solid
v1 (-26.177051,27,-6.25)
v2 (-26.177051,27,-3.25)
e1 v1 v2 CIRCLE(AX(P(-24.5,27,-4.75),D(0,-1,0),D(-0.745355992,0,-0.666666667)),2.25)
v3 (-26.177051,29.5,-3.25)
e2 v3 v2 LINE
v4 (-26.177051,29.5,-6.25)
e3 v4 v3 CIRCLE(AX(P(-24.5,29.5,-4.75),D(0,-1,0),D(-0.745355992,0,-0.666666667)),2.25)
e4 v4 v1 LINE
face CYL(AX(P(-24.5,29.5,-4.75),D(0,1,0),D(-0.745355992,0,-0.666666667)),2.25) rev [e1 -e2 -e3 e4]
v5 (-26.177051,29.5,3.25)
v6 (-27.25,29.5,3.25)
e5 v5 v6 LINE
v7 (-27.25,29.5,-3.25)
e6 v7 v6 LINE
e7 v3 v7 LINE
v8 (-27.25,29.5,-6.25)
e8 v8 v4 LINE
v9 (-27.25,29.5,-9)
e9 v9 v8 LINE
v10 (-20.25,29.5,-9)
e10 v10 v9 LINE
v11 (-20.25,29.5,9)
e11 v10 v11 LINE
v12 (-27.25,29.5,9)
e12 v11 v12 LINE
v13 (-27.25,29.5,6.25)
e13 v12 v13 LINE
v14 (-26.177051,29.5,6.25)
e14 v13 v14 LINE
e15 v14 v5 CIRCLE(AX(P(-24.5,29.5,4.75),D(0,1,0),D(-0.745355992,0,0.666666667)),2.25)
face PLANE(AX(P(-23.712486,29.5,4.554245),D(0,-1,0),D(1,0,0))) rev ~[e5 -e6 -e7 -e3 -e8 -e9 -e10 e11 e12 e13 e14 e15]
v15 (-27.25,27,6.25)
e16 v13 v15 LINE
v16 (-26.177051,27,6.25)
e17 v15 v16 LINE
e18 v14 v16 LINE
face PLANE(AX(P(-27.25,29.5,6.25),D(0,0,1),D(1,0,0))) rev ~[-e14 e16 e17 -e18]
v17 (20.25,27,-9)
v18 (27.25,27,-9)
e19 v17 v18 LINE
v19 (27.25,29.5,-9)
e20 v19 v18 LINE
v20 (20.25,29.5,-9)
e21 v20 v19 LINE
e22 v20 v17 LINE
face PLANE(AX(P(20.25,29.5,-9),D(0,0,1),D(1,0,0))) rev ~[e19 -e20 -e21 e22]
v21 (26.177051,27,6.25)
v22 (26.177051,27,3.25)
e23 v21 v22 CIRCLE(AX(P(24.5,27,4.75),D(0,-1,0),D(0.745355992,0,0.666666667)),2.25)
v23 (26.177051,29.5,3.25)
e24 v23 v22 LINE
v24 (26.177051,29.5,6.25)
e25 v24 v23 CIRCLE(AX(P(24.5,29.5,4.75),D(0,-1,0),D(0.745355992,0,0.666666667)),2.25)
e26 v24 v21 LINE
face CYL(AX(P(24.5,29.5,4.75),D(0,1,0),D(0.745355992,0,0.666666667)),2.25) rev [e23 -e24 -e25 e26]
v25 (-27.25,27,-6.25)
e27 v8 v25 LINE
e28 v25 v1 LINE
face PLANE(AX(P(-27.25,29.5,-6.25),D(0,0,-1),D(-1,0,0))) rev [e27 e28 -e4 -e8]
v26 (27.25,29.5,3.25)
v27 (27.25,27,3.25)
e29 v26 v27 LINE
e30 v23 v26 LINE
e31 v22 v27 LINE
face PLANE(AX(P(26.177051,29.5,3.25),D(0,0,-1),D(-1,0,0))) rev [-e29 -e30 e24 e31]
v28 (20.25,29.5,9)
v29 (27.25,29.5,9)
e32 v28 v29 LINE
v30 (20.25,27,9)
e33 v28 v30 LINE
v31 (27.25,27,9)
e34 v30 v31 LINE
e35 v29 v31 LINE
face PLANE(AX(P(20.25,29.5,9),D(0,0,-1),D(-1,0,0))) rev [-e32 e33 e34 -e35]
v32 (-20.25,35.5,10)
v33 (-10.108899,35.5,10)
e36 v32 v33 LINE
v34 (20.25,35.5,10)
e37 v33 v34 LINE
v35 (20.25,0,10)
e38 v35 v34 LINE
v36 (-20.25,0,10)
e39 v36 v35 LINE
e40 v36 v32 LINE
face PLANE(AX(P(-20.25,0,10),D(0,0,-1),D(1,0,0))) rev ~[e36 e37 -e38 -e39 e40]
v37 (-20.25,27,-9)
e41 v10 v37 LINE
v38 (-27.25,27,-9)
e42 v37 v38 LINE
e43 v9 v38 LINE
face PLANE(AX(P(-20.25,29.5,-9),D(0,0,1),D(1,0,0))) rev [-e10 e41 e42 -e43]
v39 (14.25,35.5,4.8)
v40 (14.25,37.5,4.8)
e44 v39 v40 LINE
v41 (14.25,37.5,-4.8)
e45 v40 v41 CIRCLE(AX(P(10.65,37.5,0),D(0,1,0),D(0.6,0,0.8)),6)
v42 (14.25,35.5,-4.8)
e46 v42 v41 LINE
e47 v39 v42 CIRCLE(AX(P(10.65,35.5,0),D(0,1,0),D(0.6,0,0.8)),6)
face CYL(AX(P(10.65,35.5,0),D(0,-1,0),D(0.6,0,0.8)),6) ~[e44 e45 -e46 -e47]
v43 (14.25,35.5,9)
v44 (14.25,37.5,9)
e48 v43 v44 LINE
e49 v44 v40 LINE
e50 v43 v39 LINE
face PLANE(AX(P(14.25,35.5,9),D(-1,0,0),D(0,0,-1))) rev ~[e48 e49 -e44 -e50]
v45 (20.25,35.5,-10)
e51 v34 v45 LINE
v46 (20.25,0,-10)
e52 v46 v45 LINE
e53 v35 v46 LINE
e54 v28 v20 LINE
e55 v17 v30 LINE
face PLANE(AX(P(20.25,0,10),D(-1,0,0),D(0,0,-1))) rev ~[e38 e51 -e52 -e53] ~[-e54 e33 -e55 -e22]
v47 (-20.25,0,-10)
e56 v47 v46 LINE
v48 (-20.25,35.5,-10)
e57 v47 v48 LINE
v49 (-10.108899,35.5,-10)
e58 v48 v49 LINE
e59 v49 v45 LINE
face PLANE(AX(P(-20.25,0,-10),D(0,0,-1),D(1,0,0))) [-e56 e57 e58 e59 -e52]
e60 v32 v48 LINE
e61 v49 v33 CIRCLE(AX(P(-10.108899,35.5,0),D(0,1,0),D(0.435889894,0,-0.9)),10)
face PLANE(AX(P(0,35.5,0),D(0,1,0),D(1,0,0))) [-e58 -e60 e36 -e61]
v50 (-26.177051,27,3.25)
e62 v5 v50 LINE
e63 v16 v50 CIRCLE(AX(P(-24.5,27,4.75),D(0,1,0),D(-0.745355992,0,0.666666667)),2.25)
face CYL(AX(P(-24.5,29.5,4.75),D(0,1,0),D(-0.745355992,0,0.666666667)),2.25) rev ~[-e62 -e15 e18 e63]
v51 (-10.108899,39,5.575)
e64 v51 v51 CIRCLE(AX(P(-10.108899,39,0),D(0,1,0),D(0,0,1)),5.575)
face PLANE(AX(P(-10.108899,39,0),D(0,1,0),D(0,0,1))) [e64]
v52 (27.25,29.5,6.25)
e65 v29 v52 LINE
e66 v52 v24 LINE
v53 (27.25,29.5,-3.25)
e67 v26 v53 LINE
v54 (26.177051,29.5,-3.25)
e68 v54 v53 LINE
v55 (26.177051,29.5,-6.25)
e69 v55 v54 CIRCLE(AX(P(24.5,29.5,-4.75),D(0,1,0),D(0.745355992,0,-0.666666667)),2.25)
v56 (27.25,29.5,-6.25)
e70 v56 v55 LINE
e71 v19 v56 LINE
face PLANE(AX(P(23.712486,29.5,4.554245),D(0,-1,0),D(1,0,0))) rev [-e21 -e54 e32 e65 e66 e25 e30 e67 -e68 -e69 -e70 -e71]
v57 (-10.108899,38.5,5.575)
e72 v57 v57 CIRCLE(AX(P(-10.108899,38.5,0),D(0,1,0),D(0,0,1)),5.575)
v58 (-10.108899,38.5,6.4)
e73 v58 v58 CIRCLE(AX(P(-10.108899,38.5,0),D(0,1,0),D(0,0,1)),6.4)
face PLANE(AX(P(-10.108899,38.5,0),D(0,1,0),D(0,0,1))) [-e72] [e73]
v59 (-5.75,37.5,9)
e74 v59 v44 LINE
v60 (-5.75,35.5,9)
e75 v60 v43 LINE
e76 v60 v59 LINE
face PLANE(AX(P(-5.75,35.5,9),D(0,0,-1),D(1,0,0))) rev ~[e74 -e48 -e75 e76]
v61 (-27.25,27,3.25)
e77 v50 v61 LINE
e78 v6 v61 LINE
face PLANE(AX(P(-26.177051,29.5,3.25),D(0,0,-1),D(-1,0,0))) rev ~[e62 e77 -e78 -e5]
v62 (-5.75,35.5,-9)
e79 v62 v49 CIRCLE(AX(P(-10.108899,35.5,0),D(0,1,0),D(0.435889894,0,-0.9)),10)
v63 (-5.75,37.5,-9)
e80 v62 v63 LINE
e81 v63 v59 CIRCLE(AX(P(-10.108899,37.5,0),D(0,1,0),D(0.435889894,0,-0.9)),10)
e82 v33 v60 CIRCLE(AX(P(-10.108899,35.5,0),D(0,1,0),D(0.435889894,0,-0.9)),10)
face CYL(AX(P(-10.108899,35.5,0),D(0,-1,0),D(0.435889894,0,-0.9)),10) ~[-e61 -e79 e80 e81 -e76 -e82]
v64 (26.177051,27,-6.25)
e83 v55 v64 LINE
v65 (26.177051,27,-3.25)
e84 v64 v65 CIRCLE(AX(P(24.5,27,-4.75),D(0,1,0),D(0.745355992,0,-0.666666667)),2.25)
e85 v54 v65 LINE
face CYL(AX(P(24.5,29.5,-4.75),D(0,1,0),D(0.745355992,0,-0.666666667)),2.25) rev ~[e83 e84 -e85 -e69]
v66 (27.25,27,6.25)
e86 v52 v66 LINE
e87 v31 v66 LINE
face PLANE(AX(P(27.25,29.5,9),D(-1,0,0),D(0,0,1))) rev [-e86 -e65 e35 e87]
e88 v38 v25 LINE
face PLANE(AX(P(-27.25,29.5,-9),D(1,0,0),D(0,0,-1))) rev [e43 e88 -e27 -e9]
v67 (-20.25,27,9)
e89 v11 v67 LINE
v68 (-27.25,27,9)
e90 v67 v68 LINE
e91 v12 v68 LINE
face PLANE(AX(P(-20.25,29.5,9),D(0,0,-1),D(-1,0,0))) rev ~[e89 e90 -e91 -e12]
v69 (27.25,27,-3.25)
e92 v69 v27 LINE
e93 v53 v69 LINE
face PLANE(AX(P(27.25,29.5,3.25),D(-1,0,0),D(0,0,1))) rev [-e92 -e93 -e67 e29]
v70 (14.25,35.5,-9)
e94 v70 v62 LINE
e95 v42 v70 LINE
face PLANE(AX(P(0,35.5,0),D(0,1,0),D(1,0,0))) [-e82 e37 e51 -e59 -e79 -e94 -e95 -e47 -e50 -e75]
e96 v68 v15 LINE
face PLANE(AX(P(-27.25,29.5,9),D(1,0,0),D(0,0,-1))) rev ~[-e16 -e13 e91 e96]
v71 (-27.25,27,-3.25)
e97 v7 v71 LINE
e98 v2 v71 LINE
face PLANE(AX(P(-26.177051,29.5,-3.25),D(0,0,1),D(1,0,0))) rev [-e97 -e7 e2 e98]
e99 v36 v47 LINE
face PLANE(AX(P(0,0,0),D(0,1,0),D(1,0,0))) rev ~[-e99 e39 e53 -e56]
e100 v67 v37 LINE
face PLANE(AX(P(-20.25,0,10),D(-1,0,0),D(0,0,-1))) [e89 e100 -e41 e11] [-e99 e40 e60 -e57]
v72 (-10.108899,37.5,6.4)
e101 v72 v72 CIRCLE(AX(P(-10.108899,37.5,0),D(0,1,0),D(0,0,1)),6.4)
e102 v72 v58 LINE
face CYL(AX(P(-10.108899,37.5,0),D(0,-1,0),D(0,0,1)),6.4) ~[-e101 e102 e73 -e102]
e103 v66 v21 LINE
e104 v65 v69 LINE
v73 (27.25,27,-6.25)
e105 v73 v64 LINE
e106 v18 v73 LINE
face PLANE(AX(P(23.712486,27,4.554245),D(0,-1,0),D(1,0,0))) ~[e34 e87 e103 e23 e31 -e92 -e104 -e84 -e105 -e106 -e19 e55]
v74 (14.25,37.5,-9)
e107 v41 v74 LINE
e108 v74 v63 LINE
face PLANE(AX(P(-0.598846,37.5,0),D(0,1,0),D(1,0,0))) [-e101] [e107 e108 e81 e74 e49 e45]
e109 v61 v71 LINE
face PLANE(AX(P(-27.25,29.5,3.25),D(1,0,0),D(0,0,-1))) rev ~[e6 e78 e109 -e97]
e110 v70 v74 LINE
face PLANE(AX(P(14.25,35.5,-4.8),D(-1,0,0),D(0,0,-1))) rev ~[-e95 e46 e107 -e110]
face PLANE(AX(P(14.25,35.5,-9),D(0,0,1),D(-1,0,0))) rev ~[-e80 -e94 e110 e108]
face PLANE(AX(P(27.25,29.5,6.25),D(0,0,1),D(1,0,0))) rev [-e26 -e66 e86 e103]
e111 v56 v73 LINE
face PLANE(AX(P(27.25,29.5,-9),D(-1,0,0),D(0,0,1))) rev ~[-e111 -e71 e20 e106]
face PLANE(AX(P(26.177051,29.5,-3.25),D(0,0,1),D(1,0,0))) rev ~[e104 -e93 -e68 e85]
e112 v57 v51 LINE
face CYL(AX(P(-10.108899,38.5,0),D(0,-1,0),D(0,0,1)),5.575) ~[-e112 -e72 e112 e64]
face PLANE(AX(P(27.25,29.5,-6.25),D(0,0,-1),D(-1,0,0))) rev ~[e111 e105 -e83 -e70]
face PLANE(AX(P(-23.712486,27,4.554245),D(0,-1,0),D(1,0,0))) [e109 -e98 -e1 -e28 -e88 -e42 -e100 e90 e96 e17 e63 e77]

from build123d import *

# Parameters (mm, degrees)
SKETCH1_W            = 40.5
SKETCH1_H            = 20
BOSS_EXTRUDE1_DEPTH  = 35.5
BOSS_EXTRUDE2_DEPTH  = 2
SKETCH3_R            = 6.4
BOSS_EXTRUDE3_DEPTH  = 1
SKETCH4_R            = 5.575
BOSS_EXTRUDE4_DEPTH  = 0.5
BOSS_EXTRUDE5_DEPTH  = 2.5
MIRROR2_COPY_1_DEPTH = 2.5


with BuildPart() as part:
    # Sketch1 → Boss-Extrude1 (new body)
    with BuildSketch(Plane(origin=(0, 0, 0), x_dir=(1, 0, 0), z_dir=(0, 1, 0))):
        Rectangle(SKETCH1_W, SKETCH1_H)
    extrude(amount=BOSS_EXTRUDE1_DEPTH)

    # Sketch2 → Boss-Extrude2 (add)
    with BuildSketch(Plane(origin=(0, 35.5, 0), x_dir=(1, 0, 0), z_dir=(0, 1, 0))):
        with BuildLine():
            Line((-5.75, -9), (14.25, -9))
            Line((14.25, -9), (14.25, -4.8))
            ThreePointArc((14.25, -4.8), (16.65, 0), (14.25, 4.8))
            Line((14.25, 4.8), (14.25, 9))
            Line((14.25, 9), (-5.75, 9))
            ThreePointArc((-5.75, 9), (-20.108898944, 0), (-5.75, -9))
        make_face()
    extrude(amount=BOSS_EXTRUDE2_DEPTH)

    # Sketch3 → Boss-Extrude3 (add)
    with BuildSketch(Plane(origin=(0, 37.5, 0), x_dir=(1, 0, 0), z_dir=(0, 1, 0))):
        with Locations(Location((-10.108898944, 0, 0), (0, 0, 270))):
            Circle(SKETCH3_R)
    extrude(amount=BOSS_EXTRUDE3_DEPTH)

    # Sketch4 → Boss-Extrude4 (add)
    with BuildSketch(Plane(origin=(0, 38.5, 0), x_dir=(1, 0, 0), z_dir=(0, 1, 0))):
        with Locations(Location((-10.108898944, 0, 0), (0, 0, 270))):
            Circle(SKETCH4_R)
    extrude(amount=BOSS_EXTRUDE4_DEPTH)

    # Sketch5 → Boss-Extrude5 (add)
    with BuildSketch(Plane(origin=(0, 29.5, 0), x_dir=(1, 0, 0), z_dir=(0, 1, 0))):
        with BuildLine():
            Line((20.25, 9), (27.25, 9))
            Line((27.25, 9), (27.25, 6.25))
            Line((27.25, 6.25), (26.177050983, 6.25))
            ThreePointArc((26.177050983, 6.25), (22.25, 4.75), (26.177050983, 3.25))
            Line((26.177050983, 3.25), (27.25, 3.25))
            Line((27.25, 3.25), (27.25, 0))
            Line((27.25, 0), (20.25, 0))
            Line((20.25, 0), (20.25, 9))
        make_face()
    boss_extrude5 = extrude(amount=-BOSS_EXTRUDE5_DEPTH)

    # Mirror1: Boss-Extrude5 across plane
    add(boss_extrude5.mirror(Plane(origin=(0, 0, 0), x_dir=(0, 0, 1), z_dir=(1, 0, 0))))

    # Mirror2: Boss-Extrude5 across plane
    add(boss_extrude5.mirror(Plane.XY))

    # Mirror2 copy 1 sketch → Mirror2 copy 1 (add)
    with BuildSketch(Plane(origin=(0, 29.5, 0), x_dir=(-1, 0, 0), z_dir=(0, 1, 0))):
        with BuildLine():
            Line((20.25, 9), (27.25, 9))
            Line((27.25, 9), (27.25, 6.25))
            Line((27.25, 6.25), (26.177050983, 6.25))
            ThreePointArc((26.177050983, 6.25), (22.25, 4.75), (26.177050983, 3.25))
            Line((26.177050983, 3.25), (27.25, 3.25))
            Line((27.25, 3.25), (27.25, 0))
            Line((27.25, 0), (20.25, 0))
            Line((20.25, 0), (20.25, 9))
        make_face()
    extrude(amount=-MIRROR2_COPY_1_DEPTH)


solid = part.part
